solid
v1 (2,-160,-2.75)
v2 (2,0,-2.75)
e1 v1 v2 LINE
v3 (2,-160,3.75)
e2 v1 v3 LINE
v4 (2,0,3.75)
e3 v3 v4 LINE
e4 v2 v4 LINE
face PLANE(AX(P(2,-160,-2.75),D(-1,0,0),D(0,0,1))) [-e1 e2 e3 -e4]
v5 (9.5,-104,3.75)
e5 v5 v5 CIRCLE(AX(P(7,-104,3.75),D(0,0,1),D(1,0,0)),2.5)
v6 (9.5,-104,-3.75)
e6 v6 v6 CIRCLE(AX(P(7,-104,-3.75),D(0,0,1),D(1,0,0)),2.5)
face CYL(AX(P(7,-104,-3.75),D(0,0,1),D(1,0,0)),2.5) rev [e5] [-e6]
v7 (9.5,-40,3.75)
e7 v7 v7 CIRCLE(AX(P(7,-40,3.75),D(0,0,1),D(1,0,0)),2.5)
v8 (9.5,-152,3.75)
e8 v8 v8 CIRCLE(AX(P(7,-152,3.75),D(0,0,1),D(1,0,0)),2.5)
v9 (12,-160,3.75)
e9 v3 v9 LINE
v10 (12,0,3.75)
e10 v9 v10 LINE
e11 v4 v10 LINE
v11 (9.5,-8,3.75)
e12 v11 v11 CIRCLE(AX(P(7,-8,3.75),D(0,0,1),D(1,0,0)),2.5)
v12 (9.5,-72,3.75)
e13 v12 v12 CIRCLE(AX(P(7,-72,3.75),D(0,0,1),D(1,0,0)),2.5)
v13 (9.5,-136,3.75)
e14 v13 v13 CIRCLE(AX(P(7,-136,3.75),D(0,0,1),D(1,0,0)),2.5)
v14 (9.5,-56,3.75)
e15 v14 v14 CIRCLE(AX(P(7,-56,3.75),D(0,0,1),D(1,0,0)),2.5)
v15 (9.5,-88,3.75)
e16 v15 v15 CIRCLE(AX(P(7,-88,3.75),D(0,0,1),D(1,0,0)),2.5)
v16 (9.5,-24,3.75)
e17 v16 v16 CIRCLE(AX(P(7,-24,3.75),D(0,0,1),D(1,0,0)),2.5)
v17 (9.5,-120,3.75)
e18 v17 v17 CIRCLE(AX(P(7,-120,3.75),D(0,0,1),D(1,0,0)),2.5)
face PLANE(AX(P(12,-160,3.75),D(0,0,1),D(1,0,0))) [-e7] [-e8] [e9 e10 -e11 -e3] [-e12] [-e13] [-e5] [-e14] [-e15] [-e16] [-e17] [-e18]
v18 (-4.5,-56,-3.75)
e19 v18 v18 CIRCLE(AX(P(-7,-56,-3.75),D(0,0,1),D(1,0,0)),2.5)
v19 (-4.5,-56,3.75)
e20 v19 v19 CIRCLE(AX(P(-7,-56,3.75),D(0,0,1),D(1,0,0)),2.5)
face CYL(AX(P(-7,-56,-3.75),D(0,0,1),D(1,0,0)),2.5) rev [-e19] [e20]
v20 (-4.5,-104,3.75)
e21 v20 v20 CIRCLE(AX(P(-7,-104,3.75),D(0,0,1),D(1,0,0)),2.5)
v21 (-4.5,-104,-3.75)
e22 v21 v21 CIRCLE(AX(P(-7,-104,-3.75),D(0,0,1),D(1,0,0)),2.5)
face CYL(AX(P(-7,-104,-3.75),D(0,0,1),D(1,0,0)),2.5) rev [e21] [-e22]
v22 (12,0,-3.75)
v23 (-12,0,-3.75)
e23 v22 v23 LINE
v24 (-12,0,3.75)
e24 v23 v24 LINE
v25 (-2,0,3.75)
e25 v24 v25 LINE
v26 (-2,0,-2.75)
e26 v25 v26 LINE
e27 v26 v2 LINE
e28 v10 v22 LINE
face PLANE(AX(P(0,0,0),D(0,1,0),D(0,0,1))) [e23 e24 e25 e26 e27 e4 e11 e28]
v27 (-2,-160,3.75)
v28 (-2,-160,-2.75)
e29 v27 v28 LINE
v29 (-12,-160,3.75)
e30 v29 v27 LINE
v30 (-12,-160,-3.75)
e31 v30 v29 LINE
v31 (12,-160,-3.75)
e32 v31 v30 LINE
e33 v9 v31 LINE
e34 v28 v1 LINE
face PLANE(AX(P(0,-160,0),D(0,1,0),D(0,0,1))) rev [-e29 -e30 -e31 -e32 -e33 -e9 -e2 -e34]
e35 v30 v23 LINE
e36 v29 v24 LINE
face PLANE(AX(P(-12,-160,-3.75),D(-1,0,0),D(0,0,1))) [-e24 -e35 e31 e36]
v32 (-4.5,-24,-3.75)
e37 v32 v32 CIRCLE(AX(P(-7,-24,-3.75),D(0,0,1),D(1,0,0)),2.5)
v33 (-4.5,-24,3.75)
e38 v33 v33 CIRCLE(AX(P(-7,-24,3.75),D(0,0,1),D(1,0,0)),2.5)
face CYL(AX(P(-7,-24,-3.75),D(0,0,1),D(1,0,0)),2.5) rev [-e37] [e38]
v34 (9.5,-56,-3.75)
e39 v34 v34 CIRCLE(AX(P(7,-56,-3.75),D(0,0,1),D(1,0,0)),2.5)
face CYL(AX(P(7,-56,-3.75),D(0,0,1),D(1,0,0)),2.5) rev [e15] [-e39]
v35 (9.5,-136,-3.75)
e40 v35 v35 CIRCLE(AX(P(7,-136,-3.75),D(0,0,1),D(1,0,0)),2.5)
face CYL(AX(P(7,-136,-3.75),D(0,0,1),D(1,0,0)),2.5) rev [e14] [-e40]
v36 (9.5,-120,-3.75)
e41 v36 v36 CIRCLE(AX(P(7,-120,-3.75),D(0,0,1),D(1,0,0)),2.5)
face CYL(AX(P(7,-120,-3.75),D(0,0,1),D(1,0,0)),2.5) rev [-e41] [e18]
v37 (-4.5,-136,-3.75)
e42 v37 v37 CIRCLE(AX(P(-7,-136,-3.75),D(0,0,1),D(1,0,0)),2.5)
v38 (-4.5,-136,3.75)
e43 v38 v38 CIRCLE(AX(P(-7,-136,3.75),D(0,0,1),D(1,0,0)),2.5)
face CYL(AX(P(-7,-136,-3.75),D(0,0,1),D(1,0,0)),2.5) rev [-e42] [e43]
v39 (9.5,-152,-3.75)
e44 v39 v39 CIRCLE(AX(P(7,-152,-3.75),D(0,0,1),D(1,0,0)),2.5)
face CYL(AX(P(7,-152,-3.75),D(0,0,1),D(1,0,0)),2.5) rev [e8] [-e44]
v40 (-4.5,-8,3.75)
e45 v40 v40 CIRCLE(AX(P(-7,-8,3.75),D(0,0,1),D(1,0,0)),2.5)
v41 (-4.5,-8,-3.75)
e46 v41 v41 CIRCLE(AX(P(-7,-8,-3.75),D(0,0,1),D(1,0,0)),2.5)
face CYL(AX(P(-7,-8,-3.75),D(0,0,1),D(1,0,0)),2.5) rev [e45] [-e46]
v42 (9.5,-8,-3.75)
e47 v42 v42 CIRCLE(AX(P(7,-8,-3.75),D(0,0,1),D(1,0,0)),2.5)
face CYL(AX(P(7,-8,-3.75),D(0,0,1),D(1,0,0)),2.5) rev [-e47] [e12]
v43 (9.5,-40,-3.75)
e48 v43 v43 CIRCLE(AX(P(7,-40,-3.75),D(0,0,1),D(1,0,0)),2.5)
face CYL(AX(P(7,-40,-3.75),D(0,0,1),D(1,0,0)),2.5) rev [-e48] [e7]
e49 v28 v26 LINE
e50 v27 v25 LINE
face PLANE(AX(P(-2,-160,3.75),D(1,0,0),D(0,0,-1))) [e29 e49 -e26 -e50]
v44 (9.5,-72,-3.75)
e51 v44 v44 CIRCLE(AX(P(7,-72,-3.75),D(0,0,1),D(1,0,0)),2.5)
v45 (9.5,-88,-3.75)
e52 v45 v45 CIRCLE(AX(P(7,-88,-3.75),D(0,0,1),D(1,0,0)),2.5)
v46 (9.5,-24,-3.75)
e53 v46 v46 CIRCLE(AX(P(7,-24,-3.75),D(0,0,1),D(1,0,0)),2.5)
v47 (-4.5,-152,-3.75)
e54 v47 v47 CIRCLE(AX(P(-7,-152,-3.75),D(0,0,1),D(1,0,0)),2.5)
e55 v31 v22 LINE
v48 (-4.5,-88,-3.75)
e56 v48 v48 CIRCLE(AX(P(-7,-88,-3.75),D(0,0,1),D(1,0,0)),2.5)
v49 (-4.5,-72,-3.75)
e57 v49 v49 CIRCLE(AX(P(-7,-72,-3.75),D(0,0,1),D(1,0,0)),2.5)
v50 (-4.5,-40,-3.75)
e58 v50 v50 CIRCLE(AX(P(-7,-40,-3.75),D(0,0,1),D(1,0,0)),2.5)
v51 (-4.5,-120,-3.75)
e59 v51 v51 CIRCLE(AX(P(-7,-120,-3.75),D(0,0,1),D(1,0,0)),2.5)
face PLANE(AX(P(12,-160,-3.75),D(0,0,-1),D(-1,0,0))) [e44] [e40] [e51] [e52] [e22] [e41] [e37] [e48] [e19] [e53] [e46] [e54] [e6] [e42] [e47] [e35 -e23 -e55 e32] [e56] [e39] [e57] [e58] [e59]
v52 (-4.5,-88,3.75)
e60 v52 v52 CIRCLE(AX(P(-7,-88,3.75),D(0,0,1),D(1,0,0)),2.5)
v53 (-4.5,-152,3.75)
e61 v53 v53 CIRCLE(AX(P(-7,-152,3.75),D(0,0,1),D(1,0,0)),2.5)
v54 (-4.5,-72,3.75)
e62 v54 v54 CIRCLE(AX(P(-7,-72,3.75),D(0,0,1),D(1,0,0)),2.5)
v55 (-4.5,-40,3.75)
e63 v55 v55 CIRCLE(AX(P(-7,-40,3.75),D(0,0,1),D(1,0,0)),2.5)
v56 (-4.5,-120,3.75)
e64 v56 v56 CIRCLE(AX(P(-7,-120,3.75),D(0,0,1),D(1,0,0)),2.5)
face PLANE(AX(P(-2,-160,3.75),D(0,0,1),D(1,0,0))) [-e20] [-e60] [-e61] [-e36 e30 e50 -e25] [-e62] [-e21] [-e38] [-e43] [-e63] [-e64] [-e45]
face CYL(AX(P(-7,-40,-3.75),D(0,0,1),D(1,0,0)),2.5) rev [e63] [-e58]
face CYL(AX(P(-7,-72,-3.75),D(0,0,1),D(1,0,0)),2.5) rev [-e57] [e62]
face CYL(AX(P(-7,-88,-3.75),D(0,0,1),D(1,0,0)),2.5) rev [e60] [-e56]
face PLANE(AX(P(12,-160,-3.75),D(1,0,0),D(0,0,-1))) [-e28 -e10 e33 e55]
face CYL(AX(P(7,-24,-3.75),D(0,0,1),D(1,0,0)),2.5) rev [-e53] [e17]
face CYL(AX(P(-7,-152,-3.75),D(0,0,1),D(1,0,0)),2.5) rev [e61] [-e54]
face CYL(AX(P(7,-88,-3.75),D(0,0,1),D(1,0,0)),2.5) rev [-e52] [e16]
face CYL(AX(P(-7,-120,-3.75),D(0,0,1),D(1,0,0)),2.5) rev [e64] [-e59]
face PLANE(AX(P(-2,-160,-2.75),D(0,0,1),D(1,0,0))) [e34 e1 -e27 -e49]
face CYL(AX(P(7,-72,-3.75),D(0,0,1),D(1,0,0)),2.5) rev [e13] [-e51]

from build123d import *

# Parameters (mm, degrees)
BASE_DEPTH  = 160
ESQUISSE2_R = 2.5
TROU_DEPTH  = 161.624562256


with BuildPart() as part:
    # Esquisse1 → BASE (new body)
    with BuildSketch(Plane(origin=(0, 0, 0), x_dir=(1, 0, 0), z_dir=(0, 1, 0))):
        Polygon((-2, -3.75), (-2, 2.75), (2, 2.75), (2, -3.75), (12, -3.75), (12, 3.75), (-12, 3.75), (-12, -3.75), align=None)
    extrude(amount=-BASE_DEPTH)

    # Esquisse2 → TROU (cut, through all)
    with BuildSketch(Plane.XY.offset(3.75)):
        with Locations((-7, -8)):
            Circle(ESQUISSE2_R)
        with Locations((7, -8)):
            Circle(ESQUISSE2_R)
        with Locations((7, -24)):
            Circle(ESQUISSE2_R)
        with Locations((7, -40)):
            Circle(ESQUISSE2_R)
        with Locations((7, -56)):
            Circle(ESQUISSE2_R)
        with Locations((7, -72)):
            Circle(ESQUISSE2_R)
        with Locations((7, -88)):
            Circle(ESQUISSE2_R)
        with Locations((7, -104)):
            Circle(ESQUISSE2_R)
        with Locations((7, -120)):
            Circle(ESQUISSE2_R)
        with Locations((7, -136)):
            Circle(ESQUISSE2_R)
        with Locations((7, -152)):
            Circle(ESQUISSE2_R)
        with Locations((-7, -24)):
            Circle(ESQUISSE2_R)
        with Locations((-7, -40)):
            Circle(ESQUISSE2_R)
        with Locations((-7, -56)):
            Circle(ESQUISSE2_R)
        with Locations((-7, -72)):
            Circle(ESQUISSE2_R)
        with Locations((-7, -88)):
            Circle(ESQUISSE2_R)
        with Locations((-7, -104)):
            Circle(ESQUISSE2_R)
        with Locations((-7, -120)):
            Circle(ESQUISSE2_R)
        with Locations((-7, -136)):
            Circle(ESQUISSE2_R)
        with Locations((-7, -152)):
            Circle(ESQUISSE2_R)
    extrude(amount=-TROU_DEPTH, mode=Mode.SUBTRACT)


solid = part.part
